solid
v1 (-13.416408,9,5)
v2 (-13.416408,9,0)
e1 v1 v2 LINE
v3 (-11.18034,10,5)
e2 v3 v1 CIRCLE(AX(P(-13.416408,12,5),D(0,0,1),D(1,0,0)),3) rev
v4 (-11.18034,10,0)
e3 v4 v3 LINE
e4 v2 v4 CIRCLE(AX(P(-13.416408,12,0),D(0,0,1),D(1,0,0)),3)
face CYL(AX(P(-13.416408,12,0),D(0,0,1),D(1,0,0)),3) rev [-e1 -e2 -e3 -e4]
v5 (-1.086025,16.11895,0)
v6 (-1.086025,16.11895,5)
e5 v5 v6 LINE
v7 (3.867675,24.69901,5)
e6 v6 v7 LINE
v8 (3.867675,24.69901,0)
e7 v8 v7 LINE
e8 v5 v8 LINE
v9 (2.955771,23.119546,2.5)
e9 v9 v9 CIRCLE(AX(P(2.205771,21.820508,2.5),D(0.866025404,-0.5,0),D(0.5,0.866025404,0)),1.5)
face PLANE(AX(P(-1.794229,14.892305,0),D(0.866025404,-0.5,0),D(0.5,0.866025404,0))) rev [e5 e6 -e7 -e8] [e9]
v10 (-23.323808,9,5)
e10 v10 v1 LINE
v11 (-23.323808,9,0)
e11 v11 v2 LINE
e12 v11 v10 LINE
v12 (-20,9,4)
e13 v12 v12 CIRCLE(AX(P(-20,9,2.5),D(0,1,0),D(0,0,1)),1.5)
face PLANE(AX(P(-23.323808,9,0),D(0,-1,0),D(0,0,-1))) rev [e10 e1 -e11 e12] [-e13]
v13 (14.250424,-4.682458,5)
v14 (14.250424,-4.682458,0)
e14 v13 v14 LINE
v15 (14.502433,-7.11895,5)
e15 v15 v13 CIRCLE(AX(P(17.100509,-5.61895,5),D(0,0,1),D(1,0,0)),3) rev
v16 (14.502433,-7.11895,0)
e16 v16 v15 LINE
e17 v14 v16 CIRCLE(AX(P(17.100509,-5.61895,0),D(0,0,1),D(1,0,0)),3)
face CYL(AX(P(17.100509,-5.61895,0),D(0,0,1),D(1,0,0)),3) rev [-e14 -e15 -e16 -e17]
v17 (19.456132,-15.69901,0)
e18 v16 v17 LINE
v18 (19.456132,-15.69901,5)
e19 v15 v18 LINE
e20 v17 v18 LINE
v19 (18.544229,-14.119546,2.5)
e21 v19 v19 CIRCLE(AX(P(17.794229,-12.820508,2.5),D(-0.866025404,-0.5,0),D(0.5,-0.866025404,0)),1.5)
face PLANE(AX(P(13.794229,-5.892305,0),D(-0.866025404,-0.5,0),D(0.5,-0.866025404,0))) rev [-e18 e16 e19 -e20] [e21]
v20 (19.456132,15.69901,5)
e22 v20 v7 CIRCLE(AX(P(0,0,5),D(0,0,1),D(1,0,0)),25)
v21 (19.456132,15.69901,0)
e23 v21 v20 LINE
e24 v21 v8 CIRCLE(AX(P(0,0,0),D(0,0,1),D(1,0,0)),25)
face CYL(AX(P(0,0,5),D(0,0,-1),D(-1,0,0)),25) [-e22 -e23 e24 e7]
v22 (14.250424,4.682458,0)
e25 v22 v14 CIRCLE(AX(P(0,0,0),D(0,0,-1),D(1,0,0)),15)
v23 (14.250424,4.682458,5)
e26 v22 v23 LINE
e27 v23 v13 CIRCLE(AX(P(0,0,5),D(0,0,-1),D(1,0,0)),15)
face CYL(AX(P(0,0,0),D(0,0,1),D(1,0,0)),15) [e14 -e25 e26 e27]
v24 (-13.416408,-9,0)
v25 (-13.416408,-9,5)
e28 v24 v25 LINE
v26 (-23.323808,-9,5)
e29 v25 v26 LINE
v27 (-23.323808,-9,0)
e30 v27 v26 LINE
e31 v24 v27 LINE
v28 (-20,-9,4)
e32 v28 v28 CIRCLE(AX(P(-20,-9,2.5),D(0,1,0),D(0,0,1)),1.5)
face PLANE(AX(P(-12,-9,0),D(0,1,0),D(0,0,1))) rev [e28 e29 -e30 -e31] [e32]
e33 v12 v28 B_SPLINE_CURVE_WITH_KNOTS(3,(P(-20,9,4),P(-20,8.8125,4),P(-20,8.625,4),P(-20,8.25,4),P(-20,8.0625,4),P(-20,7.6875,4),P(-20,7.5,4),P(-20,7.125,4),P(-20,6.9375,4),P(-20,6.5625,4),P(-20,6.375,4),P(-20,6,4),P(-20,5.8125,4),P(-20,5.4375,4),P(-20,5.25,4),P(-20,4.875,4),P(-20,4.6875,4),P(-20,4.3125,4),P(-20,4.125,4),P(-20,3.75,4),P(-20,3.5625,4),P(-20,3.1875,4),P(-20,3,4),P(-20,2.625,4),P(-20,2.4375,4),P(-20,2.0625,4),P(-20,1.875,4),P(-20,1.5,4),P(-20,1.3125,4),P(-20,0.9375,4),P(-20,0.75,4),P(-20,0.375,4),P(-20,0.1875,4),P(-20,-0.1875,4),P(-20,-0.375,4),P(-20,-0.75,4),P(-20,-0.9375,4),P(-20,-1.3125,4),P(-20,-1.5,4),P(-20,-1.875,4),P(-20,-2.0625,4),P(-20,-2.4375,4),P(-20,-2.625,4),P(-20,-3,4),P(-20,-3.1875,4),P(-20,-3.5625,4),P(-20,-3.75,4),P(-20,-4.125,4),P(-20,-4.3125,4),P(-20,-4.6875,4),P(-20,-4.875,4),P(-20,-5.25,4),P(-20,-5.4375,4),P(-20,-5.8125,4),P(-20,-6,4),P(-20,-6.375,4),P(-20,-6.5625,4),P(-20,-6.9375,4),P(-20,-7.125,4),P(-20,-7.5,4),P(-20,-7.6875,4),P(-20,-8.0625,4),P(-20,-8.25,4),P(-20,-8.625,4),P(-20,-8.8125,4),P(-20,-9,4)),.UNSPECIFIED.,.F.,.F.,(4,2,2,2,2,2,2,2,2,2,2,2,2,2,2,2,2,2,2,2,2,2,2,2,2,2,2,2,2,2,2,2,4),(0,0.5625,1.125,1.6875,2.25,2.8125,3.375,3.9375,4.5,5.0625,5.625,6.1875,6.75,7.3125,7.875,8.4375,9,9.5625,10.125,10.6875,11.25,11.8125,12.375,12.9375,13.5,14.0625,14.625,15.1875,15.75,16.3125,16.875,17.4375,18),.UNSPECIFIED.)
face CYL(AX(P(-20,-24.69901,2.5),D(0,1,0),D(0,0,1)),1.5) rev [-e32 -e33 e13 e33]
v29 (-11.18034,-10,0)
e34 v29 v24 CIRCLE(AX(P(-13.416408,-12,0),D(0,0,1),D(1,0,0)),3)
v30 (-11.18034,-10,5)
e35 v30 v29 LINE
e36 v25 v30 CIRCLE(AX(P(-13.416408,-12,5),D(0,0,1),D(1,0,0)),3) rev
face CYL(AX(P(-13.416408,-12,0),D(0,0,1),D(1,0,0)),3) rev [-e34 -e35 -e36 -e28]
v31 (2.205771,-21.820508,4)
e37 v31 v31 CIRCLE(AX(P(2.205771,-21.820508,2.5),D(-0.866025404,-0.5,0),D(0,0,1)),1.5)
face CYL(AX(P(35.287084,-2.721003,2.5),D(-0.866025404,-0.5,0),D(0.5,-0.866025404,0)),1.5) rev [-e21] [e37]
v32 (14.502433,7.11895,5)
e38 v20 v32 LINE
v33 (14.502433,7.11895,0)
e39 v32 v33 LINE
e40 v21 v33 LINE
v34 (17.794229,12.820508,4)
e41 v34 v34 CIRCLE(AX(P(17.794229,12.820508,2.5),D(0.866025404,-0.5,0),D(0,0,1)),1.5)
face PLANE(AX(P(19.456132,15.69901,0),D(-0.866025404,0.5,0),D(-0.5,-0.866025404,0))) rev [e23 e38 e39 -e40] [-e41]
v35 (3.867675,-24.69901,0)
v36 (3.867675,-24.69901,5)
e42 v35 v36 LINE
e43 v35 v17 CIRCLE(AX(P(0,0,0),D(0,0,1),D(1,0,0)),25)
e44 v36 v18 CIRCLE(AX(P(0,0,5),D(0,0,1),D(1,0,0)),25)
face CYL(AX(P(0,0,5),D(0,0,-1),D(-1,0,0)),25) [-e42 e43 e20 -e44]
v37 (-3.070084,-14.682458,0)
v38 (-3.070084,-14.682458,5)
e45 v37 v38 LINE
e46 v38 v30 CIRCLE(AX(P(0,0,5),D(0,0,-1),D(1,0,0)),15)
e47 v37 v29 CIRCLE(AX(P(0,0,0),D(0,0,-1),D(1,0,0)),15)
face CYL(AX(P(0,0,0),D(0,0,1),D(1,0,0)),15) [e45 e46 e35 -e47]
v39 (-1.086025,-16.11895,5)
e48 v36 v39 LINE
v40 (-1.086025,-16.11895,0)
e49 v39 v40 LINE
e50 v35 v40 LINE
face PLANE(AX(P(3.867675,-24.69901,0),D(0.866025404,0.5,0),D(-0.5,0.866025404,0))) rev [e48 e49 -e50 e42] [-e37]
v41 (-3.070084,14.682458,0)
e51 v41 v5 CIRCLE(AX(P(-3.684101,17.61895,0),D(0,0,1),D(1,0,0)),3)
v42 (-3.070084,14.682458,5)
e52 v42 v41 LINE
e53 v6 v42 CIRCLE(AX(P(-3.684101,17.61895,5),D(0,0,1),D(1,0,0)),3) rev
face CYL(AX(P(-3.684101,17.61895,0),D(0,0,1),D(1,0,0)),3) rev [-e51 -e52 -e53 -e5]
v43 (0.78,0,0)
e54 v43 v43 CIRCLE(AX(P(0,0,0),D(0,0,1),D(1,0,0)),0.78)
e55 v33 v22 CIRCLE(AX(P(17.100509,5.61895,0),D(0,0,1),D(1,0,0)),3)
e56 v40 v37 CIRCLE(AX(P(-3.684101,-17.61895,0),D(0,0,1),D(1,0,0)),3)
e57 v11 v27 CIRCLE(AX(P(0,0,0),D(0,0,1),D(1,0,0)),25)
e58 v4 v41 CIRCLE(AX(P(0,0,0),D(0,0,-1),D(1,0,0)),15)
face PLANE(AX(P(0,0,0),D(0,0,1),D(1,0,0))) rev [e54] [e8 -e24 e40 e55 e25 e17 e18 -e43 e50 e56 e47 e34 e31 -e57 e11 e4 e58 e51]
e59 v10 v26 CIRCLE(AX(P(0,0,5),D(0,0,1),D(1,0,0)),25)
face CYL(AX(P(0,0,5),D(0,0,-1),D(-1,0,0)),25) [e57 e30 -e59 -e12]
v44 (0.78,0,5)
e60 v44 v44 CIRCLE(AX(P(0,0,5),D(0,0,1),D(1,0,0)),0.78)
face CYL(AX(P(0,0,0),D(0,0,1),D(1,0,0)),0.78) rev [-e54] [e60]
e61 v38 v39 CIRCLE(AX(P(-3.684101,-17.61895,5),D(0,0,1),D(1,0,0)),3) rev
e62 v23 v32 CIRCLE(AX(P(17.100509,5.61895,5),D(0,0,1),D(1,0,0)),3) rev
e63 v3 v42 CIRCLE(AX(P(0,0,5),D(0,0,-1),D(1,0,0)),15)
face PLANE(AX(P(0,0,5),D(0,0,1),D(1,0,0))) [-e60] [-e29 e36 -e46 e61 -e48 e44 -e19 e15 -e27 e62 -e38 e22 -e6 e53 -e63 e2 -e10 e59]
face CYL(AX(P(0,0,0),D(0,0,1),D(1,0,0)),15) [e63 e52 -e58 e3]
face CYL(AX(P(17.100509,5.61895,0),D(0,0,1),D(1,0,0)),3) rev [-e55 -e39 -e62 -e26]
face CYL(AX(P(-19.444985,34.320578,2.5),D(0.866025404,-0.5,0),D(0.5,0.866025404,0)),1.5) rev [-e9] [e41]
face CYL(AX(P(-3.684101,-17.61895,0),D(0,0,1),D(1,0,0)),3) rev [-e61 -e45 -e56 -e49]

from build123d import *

# Parameters (mm, degrees)
SKIZZE1_R                       = 25
AUFSATZ_LINEAR_AUSTRAGEN1_DEPTH = 5
SCHNITT_LINEAR_AUSTRAGEN1_DEPTH = 36.707142143
SKIZZE3_R                       = 1.5
SCHNITT_LINEAR_AUSTRAGEN2_DEPTH = 43.256635771
KREISMUSTER1_COUNT              = 3
SKIZZE6_R                       = 0.78
SCHNITT_LINEAR_AUSTRAGEN5_DEPTH = 36.497057468
VERRUNDUNG1_R                   = 3


with BuildPart() as part:
    # Skizze1 → Aufsatz-Linear austragen1 (new body)
    with BuildSketch(Plane.XY):
        Circle(SKIZZE1_R)
    extrude(amount=AUFSATZ_LINEAR_AUSTRAGEN1_DEPTH)

    # Skizze2 → Schnitt-Linear austragen1 (cut, through all)
    with BuildSketch(Plane.XY.offset(5)):
        with BuildLine():
            Line((19.456132424, 15.699009877), (13.794228634, 5.892304845))
            ThreePointArc((13.794228634, 5.892304845), (15, 0), (13.794228634, -5.892304845))
            Line((13.794228634, -5.892304845), (19.456132424, -15.699009877))
            ThreePointArc((19.456132424, -15.699009877), (25, 0), (19.456132424, 15.699009877))
        make_face()
        with BuildLine():
            Line((-23.323807579, 9), (-12, 9))
            ThreePointArc((-12, 9), (-7.5, 12.990381057), (-1.794228634, 14.892304845))
            Line((-1.794228634, 14.892304845), (3.867675156, 24.699009877))
            ThreePointArc((3.867675156, 24.699009877), (-12.5, 21.650635095), (-23.323807579, 9))
        make_face()
        with BuildLine():
            Line((3.867675156, -24.699009877), (-1.794228634, -14.892304845))
            ThreePointArc((-1.794228634, -14.892304845), (-7.5, -12.990381057), (-12, -9))
            Line((-12, -9), (-23.323807579, -9))
            ThreePointArc((-23.323807579, -9), (-12.5, -21.650635095), (3.867675156, -24.699009877))
        make_face()
    extrude(amount=-SCHNITT_LINEAR_AUSTRAGEN1_DEPTH, mode=Mode.SUBTRACT)

    # Skizze3 → Schnitt-Linear austragen2 (cut, through all)
    with BuildSketch(Plane(origin=(0, 9, 0), x_dir=(1, 0, 0), z_dir=(0, 1, 0))):
        with Locations(Location((-20, -2.5, 0), (0, 0, 270))):
            Circle(SKIZZE3_R)
    schnitt_linear_austragen2 = extrude(amount=-SCHNITT_LINEAR_AUSTRAGEN2_DEPTH, mode=Mode.SUBTRACT)

    # Kreismuster1: Schnitt-Linear austragen2 ×3 about axis
    kreismuster1_axis = Axis((0, 0, 5), (0, 0, -1))
    for i in range(1, KREISMUSTER1_COUNT):
        add(schnitt_linear_austragen2.rotate(kreismuster1_axis, i * 360 / KREISMUSTER1_COUNT), mode=Mode.SUBTRACT)

    # Skizze6 → Schnitt-Linear austragen5 (cut, through all)
    with BuildSketch(Plane.XY.offset(5)):
        Circle(SKIZZE6_R)
    extrude(amount=-SCHNITT_LINEAR_AUSTRAGEN5_DEPTH, mode=Mode.SUBTRACT)

    # Verrundung1
    verrundung1_edges = [part.edges().sort_by_distance(p)[0] for p in [
        (-1.794228634, 14.892304845, 2.5),
        (-12, 9, 2.5),
        (-12, -9, 2.5),
        (-1.794228634, -14.892304845, 2.5),
        (13.794228634, -5.892304845, 2.5),
        (13.794228634, 5.892304845, 2.5),
    ]]
    fillet(verrundung1_edges, radius=VERRUNDUNG1_R)


solid = part.part
